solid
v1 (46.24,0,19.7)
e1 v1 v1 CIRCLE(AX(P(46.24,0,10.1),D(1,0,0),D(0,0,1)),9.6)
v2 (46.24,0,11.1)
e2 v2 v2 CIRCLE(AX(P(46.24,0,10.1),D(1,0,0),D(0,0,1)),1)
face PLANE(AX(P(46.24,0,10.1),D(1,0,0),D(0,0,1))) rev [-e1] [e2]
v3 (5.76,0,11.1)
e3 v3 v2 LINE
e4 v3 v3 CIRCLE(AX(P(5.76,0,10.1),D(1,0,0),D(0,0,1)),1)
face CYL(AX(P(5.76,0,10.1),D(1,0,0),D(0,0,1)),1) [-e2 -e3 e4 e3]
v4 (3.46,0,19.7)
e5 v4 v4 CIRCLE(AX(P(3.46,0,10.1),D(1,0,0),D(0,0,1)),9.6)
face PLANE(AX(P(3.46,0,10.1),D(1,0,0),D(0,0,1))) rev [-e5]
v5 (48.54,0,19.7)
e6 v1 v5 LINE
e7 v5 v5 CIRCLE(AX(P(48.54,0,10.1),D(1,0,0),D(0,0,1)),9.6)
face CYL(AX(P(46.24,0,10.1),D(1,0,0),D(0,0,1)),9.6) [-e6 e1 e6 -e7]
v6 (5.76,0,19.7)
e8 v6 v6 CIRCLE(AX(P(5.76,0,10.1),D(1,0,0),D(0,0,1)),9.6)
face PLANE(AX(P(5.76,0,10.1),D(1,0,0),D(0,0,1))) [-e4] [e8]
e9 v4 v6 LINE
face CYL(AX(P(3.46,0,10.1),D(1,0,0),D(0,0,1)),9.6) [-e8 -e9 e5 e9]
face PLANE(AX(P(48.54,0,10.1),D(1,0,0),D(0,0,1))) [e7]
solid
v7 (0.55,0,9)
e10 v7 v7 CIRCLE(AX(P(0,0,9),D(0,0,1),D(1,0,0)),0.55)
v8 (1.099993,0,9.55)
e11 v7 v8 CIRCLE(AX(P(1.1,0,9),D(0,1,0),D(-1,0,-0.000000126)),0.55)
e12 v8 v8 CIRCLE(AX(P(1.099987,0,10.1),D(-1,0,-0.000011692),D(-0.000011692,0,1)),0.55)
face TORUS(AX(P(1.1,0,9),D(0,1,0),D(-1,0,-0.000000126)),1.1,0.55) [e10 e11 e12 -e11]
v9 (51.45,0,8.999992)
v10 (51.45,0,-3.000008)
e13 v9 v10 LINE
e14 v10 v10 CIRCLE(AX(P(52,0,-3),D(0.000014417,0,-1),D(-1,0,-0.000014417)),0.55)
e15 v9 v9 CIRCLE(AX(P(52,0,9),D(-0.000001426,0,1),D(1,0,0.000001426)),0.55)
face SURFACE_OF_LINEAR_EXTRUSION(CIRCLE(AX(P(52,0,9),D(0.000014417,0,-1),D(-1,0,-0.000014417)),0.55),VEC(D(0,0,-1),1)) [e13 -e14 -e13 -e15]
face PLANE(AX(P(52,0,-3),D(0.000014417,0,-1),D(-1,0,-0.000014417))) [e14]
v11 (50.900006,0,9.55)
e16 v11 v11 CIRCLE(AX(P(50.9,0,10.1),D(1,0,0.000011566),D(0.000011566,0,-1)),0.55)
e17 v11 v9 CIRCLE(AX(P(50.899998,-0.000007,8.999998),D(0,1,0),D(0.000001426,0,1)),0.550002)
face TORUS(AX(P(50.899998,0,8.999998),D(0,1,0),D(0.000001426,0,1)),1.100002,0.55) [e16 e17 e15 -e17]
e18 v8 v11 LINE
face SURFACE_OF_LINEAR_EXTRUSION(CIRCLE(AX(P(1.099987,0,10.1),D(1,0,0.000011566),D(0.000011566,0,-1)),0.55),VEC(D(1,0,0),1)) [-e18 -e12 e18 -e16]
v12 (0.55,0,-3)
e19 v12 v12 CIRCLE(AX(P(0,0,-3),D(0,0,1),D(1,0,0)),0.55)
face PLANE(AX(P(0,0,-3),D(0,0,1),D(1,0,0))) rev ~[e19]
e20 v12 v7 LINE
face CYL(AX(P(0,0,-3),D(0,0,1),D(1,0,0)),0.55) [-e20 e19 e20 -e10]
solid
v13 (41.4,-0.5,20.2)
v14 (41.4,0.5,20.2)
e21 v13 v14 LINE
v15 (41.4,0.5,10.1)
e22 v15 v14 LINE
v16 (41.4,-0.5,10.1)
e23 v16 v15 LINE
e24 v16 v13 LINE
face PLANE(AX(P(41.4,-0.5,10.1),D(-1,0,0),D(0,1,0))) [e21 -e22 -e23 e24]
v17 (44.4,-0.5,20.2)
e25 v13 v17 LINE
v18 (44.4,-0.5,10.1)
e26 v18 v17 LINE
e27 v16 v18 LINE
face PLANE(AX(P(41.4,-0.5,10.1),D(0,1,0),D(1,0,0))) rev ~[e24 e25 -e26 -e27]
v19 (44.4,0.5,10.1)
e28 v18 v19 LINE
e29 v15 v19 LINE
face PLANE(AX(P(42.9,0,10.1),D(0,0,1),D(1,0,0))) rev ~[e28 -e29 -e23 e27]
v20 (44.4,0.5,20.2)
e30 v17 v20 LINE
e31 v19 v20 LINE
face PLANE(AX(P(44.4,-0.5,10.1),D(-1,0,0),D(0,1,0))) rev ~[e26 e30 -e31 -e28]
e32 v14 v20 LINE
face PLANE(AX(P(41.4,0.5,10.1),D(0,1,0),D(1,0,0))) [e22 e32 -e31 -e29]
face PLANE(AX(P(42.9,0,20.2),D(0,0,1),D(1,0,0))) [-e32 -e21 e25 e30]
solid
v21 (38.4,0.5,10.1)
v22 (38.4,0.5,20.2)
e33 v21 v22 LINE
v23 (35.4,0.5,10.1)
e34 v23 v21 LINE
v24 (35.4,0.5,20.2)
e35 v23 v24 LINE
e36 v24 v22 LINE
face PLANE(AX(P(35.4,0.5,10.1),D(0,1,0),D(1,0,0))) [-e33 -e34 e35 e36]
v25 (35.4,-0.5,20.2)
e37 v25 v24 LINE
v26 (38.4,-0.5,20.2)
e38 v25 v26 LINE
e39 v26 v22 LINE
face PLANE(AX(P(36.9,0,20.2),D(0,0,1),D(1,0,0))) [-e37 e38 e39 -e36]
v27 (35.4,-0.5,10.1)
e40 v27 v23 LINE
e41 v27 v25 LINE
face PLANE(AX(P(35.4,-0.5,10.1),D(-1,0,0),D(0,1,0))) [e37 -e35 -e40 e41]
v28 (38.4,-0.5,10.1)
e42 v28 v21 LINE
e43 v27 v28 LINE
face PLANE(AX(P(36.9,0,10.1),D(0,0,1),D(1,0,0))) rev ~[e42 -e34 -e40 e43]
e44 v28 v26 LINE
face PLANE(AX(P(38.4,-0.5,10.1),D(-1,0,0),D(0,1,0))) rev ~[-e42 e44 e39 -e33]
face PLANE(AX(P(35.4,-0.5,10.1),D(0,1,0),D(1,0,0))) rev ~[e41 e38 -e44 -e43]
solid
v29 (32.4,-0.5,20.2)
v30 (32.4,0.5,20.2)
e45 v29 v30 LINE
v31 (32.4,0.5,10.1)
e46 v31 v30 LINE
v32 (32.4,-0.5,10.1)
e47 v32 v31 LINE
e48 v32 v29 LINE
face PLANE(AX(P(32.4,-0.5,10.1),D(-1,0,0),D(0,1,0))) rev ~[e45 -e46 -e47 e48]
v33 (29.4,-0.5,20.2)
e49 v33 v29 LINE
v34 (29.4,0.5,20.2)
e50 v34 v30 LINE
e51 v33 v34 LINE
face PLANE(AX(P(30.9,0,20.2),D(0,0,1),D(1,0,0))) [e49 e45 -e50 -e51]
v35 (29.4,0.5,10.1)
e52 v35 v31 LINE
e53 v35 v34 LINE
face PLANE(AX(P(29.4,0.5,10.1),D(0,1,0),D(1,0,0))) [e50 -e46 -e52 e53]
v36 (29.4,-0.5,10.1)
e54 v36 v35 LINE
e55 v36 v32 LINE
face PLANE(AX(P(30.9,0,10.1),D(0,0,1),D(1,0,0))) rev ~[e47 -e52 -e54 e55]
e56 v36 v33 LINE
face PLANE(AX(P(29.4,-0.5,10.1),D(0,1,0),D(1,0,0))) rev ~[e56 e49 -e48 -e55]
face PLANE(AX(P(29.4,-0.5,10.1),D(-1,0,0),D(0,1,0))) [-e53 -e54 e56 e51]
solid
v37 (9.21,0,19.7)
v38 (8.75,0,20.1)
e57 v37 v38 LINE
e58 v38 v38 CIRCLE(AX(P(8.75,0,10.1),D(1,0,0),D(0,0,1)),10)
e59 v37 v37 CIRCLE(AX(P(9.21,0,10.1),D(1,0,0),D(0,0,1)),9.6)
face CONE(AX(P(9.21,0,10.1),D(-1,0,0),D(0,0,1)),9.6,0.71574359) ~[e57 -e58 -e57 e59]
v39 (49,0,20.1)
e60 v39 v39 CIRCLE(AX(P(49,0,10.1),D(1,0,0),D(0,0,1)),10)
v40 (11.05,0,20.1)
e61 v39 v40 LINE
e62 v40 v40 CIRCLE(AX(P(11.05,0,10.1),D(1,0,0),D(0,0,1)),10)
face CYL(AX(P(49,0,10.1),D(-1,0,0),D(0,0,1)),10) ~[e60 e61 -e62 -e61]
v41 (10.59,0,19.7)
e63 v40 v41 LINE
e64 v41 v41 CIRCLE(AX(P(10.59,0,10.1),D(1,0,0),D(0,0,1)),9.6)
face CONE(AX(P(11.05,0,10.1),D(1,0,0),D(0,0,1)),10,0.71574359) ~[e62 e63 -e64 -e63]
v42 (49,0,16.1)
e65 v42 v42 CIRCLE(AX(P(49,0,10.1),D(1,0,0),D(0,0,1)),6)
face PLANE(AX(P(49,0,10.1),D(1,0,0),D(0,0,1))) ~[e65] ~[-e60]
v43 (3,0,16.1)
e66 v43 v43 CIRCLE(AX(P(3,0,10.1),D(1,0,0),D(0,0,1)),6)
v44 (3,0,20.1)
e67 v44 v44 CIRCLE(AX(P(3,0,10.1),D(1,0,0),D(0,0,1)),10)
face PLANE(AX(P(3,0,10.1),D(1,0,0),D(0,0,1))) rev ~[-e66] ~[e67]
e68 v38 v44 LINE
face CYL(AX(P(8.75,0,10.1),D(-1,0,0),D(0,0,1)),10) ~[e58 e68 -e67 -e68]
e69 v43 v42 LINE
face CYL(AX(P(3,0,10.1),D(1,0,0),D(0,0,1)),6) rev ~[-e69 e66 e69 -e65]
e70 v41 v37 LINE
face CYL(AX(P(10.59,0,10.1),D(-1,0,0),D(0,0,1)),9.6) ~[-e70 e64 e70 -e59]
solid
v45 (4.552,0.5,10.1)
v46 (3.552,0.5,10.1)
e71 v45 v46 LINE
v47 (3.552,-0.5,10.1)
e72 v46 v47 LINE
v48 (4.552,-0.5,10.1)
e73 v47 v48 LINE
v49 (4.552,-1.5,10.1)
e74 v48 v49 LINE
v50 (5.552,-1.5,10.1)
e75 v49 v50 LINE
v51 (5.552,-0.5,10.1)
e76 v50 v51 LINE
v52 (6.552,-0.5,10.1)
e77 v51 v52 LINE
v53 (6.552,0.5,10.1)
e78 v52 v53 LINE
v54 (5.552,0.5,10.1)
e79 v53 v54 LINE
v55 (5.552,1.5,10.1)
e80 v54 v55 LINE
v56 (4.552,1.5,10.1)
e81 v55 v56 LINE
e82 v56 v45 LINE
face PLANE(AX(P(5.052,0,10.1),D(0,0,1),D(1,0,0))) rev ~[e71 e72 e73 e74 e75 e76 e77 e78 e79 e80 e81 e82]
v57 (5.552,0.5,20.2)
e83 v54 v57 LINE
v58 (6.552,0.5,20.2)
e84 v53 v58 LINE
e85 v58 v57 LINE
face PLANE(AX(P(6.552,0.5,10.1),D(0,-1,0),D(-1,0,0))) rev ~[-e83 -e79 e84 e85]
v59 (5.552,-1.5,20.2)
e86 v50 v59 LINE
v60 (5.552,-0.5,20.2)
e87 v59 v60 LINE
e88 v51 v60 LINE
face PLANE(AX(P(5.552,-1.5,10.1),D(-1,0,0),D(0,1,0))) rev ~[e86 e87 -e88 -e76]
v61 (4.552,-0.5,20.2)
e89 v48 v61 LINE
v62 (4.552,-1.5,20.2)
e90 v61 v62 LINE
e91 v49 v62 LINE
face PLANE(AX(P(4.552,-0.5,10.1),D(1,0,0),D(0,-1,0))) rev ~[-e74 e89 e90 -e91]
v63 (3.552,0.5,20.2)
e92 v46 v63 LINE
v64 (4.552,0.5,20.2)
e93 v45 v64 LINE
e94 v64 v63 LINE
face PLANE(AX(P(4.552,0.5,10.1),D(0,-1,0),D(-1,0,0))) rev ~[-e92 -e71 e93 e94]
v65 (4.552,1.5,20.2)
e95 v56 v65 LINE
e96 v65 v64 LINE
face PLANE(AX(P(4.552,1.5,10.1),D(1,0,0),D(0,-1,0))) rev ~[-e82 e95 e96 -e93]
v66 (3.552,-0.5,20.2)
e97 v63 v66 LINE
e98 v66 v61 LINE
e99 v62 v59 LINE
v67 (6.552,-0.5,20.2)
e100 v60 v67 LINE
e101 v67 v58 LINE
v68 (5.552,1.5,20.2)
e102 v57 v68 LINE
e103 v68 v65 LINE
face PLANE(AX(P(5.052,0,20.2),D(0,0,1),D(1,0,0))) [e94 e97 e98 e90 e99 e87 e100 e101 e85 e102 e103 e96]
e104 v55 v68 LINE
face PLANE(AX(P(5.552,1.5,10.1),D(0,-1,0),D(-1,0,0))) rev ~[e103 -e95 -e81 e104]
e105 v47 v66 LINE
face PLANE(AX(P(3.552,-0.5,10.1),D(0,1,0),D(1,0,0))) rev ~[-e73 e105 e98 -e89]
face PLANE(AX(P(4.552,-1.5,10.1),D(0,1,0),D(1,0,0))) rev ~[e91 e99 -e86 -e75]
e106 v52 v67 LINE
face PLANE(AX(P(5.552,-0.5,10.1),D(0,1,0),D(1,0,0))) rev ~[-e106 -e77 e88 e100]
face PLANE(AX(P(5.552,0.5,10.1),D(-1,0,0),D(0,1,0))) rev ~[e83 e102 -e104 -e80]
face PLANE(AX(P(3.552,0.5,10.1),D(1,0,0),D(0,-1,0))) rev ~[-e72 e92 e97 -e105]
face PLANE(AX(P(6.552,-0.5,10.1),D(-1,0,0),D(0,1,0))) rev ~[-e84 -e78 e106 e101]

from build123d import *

# Parameters (mm, degrees)
SKETCH_R    = 0.55
SKETCH004_W = 3
SKETCH004_H = 1
PAD_DEPTH   = 10.1


with BuildPart() as sweep_body:
    # Sweep: sweep along a path in Sketch001
    with BuildLine(Plane.XZ) as sweep_path:
        Line((0, -3), (0, 9))
        ThreePointArc((0, 9), (0.322178, 9.777813), (1.099987, 10.1))
        Line((1.099987, 10.1), (50.9, 10.1))
        ThreePointArc((50.9, 10.1), (51.677817, 9.777817), (52, 9))
        Line((52, 9), (52, -3))
    # Sketch → Sweep (sweep)
    with BuildSketch(Plane.XY.offset(-2)):
        Circle(SKETCH_R)
    sweep(path=sweep_path.line)


with BuildPart() as revolution:
    # Sketch002 → Revolution (revolve)
    with BuildSketch(Plane.XZ):
        Polygon((3, 20.1), (3, 16.1), (49, 16.1), (49, 20.1), (11.05, 20.1), (10.59, 19.7), (9.21, 19.7), (8.75, 20.1), align=None)
    revolve(axis=Axis((6.97588, 0, 10.1), (1, 0, 0)))


with BuildPart() as revolution001:
    # Sketch003 → Revolution001 (revolve)
    with BuildSketch(Plane.XZ):
        Polygon((3.46, 19.7), (5.76, 19.7), (5.76, 11.1), (46.24, 11.1), (46.24, 19.7), (48.54, 19.7), (48.54, 10.1), (3.46, 10.1), align=None)
    revolve(axis=Axis((6.97588, 0, 10.1), (1, 0, 0)))


with BuildPart() as pad:
    # Sketch004 → Pad (new body)
    with BuildSketch(Plane.XY.offset(10.1)):
        with Locations((42.9, 0)):
            Rectangle(SKETCH004_W, SKETCH004_H)
        with Locations((36.9, 0)):
            Rectangle(SKETCH004_W, SKETCH004_H)
        with Locations((30.9, 0)):
            Rectangle(SKETCH004_W, SKETCH004_H)
        Polygon((4.552, 0.5), (3.552, 0.5), (3.552, -0.5), (4.552, -0.5), (4.552, -1.5), (5.552, -1.5), (5.552, -0.5), (6.552, -0.5), (6.552, 0.5), (5.552, 0.5), (5.552, 1.5), (4.552, 1.5), align=None)
    extrude(amount=PAD_DEPTH)


solid = Compound([sweep_body.part, revolution.part, revolution001.part, pad.part])
